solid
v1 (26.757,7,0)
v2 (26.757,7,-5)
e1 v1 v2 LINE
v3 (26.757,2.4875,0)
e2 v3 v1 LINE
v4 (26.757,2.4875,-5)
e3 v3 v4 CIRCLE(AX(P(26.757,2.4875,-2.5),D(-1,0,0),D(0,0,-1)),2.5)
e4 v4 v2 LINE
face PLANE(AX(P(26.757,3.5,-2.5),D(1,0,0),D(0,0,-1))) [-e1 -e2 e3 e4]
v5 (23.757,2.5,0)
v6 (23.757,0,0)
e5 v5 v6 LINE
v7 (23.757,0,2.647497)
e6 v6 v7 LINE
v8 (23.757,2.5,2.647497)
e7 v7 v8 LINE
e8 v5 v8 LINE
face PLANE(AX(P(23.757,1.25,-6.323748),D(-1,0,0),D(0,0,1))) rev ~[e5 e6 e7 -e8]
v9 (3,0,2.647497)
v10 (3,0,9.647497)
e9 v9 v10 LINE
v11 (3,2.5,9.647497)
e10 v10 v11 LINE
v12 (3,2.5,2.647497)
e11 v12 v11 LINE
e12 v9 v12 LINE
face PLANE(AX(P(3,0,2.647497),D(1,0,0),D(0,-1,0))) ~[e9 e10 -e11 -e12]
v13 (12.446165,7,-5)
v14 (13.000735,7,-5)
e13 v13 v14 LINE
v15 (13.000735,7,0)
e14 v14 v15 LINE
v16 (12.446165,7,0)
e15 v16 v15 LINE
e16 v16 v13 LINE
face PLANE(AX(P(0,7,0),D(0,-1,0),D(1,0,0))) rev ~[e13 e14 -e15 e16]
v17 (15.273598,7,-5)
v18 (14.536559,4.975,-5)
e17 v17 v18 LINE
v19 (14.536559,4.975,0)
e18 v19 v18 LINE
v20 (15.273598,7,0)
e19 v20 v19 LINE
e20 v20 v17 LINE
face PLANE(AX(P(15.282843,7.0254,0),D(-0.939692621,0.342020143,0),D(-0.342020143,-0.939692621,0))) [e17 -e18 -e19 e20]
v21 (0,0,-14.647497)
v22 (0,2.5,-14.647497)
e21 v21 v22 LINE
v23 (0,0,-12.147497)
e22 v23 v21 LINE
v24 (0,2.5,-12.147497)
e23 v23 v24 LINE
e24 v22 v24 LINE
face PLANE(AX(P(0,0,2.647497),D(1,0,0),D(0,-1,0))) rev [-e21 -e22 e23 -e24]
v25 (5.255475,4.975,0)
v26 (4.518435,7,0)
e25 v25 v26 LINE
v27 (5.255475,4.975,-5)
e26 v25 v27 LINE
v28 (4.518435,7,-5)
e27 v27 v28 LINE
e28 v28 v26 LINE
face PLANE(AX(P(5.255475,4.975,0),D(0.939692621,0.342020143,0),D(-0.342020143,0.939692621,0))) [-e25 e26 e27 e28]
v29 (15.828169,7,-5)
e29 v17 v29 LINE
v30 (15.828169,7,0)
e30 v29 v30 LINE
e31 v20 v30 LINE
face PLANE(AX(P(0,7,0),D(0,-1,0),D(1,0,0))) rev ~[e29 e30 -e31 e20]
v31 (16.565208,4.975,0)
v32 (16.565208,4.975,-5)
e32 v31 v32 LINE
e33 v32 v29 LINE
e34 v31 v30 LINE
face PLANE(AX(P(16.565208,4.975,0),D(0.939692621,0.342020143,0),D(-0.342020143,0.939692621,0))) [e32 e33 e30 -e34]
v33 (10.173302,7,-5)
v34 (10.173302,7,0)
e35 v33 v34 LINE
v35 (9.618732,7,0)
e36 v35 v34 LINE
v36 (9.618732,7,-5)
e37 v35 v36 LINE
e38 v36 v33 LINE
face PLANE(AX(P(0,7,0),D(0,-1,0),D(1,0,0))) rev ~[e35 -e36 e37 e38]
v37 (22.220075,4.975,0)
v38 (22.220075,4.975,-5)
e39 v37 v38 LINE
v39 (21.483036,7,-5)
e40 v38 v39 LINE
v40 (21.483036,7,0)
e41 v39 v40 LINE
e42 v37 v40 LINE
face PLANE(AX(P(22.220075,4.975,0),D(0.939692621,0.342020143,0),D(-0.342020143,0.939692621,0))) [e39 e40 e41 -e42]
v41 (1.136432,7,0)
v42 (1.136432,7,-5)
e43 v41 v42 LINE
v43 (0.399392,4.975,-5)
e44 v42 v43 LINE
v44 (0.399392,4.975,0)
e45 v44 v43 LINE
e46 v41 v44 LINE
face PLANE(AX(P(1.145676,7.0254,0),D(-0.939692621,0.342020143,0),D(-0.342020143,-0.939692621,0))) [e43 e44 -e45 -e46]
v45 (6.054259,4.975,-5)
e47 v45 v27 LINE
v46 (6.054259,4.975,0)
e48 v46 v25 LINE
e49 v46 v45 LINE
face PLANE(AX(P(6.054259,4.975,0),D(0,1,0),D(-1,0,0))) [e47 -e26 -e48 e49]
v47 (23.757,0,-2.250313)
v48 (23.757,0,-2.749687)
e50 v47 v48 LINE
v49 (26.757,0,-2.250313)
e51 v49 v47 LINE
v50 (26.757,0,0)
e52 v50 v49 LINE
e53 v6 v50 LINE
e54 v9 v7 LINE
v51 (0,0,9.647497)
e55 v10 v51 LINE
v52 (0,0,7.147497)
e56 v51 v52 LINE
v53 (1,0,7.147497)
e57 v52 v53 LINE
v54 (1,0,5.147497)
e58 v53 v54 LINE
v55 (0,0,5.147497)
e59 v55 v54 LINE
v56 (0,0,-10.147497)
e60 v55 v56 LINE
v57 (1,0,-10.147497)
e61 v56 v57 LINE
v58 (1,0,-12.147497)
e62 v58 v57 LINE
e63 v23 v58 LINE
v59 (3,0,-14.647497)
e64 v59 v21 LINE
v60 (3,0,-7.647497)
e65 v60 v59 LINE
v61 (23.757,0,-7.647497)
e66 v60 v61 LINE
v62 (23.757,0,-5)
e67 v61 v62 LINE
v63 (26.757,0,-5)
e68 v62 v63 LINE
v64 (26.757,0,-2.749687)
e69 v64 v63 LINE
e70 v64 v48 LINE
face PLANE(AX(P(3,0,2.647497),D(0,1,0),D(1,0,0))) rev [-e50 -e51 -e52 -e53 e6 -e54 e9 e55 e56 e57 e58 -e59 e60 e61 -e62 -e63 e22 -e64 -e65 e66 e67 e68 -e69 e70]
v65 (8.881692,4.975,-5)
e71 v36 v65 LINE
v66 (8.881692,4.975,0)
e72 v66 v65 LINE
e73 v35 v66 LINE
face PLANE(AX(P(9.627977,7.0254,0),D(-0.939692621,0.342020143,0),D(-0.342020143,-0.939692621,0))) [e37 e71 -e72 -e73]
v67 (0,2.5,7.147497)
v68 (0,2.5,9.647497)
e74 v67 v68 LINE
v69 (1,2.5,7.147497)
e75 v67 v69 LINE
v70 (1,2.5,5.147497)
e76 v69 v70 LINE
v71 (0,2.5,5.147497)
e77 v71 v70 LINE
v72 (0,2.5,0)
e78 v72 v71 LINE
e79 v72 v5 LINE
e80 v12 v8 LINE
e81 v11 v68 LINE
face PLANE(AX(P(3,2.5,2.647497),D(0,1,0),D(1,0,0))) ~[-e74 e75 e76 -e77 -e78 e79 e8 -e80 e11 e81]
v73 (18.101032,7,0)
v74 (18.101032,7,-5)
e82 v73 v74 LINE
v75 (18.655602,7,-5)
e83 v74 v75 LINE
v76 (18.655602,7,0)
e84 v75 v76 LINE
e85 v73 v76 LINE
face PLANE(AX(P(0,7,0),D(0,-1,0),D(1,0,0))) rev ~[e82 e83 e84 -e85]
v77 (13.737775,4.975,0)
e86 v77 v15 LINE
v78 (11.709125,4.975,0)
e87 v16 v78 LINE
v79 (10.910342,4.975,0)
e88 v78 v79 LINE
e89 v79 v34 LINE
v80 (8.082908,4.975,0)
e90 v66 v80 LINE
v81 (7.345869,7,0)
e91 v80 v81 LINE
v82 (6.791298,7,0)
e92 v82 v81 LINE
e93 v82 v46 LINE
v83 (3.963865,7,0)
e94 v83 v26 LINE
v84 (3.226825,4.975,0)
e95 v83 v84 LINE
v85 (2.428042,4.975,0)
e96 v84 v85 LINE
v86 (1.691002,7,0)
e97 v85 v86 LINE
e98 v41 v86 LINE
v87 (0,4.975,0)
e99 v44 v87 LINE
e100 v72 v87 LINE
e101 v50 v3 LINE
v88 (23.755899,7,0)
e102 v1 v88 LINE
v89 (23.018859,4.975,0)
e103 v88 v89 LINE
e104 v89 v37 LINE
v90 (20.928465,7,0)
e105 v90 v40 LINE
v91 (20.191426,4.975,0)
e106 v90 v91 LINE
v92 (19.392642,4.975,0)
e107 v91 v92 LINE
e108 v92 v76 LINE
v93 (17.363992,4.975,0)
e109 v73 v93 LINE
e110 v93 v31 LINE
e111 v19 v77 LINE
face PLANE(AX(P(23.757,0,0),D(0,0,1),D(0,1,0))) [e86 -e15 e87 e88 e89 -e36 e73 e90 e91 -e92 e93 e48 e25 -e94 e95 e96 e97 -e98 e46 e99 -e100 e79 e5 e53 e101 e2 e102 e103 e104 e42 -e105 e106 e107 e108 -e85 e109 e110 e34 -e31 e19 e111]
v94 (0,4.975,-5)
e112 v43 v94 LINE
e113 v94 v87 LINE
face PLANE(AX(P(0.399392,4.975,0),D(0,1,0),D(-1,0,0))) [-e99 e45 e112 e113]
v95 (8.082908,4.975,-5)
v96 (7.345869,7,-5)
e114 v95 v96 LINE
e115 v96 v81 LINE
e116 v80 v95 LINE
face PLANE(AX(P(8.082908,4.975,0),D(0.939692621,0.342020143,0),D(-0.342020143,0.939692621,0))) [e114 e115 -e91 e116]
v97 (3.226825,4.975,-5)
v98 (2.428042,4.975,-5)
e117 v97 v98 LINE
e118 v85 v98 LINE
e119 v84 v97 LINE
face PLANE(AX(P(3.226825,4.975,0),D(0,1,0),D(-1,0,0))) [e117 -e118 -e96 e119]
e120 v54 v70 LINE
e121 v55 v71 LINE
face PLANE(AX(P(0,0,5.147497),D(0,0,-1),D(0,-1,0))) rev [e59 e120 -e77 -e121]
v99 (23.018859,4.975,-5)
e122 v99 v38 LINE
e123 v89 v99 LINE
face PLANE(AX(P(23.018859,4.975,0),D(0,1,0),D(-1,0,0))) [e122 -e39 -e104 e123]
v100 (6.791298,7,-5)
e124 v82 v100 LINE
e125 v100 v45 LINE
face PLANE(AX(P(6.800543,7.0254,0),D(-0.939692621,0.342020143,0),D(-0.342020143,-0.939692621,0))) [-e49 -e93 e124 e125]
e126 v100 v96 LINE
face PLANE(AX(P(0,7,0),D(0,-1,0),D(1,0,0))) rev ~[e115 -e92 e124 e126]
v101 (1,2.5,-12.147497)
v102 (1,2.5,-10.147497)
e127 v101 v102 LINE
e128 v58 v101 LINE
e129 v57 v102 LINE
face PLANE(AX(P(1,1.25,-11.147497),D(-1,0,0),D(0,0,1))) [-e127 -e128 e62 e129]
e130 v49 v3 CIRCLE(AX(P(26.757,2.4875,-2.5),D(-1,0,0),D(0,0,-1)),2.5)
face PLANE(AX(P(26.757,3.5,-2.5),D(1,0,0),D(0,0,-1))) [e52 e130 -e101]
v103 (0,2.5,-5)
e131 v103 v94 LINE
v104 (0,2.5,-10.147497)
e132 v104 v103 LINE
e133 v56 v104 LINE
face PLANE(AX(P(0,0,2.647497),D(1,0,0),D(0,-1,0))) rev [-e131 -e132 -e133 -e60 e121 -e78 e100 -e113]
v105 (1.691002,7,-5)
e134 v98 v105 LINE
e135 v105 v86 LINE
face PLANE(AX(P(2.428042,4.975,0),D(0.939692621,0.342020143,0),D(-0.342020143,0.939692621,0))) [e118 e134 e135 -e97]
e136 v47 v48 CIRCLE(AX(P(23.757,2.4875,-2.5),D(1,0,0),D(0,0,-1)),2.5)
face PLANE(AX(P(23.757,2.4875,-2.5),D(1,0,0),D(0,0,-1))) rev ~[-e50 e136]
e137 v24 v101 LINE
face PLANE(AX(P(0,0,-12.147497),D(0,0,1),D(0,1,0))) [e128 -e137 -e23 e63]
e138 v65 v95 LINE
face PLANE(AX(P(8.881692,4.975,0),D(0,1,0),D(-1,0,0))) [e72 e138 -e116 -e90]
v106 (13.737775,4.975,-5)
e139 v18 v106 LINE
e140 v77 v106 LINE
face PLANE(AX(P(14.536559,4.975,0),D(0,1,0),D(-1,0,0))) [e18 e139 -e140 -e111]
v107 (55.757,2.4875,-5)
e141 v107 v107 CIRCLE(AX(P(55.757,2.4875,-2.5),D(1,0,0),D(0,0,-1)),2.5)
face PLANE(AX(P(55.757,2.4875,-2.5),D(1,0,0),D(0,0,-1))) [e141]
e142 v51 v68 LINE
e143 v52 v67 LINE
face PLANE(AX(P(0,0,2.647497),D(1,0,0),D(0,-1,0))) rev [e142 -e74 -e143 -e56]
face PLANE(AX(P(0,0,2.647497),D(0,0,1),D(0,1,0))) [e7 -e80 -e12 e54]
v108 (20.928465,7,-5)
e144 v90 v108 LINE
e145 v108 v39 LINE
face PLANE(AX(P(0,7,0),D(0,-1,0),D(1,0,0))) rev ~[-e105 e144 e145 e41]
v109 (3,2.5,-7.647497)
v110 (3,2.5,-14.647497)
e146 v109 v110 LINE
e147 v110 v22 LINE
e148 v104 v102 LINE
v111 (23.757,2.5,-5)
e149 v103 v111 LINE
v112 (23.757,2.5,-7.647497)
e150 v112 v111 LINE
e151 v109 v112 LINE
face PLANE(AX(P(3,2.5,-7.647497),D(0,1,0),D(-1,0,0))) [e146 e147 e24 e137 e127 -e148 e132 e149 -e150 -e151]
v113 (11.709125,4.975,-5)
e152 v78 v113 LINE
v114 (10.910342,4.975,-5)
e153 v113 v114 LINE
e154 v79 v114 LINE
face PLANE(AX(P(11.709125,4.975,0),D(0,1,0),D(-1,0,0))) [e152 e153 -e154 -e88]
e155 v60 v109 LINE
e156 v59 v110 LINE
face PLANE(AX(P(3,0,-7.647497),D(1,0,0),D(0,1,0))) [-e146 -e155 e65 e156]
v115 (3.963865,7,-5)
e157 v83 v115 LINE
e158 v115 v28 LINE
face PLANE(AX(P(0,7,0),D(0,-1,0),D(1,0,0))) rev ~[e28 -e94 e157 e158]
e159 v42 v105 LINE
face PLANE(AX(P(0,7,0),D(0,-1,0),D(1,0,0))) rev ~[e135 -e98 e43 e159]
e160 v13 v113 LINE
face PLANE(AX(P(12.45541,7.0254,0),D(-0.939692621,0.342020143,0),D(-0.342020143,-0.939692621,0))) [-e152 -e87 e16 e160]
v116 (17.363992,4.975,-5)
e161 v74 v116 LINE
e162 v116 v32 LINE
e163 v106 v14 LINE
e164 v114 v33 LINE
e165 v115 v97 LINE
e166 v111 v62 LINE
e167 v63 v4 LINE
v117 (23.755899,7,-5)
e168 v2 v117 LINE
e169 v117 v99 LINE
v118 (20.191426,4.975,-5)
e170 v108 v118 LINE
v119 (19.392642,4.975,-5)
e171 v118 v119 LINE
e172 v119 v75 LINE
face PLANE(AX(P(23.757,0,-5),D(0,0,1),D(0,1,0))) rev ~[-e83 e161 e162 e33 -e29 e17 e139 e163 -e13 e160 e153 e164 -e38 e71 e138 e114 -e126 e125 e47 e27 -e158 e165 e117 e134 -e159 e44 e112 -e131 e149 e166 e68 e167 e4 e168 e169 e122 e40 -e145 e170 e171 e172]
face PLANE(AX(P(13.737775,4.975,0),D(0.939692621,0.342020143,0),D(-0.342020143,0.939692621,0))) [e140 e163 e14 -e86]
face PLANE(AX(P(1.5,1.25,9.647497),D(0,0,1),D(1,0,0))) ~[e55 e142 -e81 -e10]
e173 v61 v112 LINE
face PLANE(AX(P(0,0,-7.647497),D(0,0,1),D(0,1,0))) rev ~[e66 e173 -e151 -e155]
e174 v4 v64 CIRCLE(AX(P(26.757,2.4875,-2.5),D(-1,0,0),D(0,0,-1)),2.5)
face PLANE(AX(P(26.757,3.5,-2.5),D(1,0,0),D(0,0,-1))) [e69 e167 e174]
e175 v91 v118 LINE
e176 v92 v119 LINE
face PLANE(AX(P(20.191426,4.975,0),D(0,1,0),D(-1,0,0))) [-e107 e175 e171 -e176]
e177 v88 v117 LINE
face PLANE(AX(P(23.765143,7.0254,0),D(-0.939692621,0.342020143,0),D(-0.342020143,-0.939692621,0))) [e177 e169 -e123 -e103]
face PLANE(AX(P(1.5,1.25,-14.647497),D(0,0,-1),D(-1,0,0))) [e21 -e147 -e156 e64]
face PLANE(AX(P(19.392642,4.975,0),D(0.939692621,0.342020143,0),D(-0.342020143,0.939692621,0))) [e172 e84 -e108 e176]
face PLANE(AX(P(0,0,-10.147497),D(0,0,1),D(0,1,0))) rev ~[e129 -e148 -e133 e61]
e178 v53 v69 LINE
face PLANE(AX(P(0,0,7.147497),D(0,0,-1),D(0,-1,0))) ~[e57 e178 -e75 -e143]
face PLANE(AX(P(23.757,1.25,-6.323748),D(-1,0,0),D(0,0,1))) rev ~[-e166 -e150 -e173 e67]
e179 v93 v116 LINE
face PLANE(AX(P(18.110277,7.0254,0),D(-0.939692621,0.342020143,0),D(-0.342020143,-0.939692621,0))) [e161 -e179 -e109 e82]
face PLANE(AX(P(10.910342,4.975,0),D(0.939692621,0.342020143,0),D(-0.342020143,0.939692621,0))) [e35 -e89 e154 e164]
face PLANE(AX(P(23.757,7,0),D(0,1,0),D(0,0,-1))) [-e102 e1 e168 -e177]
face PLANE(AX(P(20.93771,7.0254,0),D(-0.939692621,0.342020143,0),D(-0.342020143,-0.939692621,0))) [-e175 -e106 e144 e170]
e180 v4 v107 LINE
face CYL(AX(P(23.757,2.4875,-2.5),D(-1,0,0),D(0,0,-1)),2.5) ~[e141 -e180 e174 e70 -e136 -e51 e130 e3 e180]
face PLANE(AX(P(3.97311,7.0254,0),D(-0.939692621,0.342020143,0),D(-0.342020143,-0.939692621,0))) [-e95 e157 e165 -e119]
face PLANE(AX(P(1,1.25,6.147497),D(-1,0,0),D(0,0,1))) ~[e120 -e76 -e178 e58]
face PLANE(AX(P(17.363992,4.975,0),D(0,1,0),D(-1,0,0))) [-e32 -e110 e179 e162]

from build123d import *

# Parameters (mm, degrees)
BLANKSKE_W          = 23.757
BLANKSKE_H          = 7
BLANK_DEPTH         = 5
TOOTHCUTSIM_DEPTH   = 26.26648074
TEETHCUTS_COUNT     = 9
TEETHCUTS_PITCH     = 2.827433385
SKETCH1_R           = 2.5
BOSS_EXTRUDE1_DEPTH = 32
SKETCH2_W           = 2.647496805
SKETCH2_H           = 2.5
BOSS_EXTRUDE2_DEPTH = 23.757
SKETCH3_W           = 5
SKETCH3_H           = 7
BOSS_EXTRUDE3_DEPTH = 3
SKETCH4_W           = 3
SKETCH4_H           = 2.5
BOSS_EXTRUDE4_DEPTH = 7
SKETCH5_W           = 2
SKETCH5_H           = 2.5
CUT_EXTRUDE1_DEPTH  = 1


with BuildPart() as part:
    # BlankSke → Blank (new body)
    with BuildSketch(Plane.XY):
        with Locations((11.8785, 3.5)):
            Rectangle(BLANKSKE_W, BLANKSKE_H)
    extrude(amount=-BLANK_DEPTH)

    # TooCutSkeSim → ToothCutSim (cut, through all)
    with BuildSketch(Plane.XY):
        Polygon((0.399391833, 4.975), (-0.399391833, 4.975), (-1.145676401, 7.0254), (1.145676401, 7.0254), align=None)
    toothcutsim = extrude(amount=-TOOTHCUTSIM_DEPTH, mode=Mode.SUBTRACT)

    # TeethCuts: ToothCutSim ×9
    with Locations(*[(i * TEETHCUTS_PITCH, 0, 0) for i in range(1, TEETHCUTS_COUNT)]):
        add(toothcutsim, mode=Mode.SUBTRACT)

    # Sketch1 → Boss-Extrude1 (add)
    with BuildSketch(Plane(origin=(23.757, 0, 0), x_dir=(0, 0, -1), z_dir=(1, 0, 0))):
        with Locations((2.5, 2.4875)):
            Circle(SKETCH1_R)
    extrude(amount=BOSS_EXTRUDE1_DEPTH)

    # Sketch2 → Boss-Extrude2 (add)
    with BuildSketch(Plane.ZY):
        with Locations((-6.323748402, 1.25)):
            Rectangle(SKETCH2_W, SKETCH2_H)
        with Locations((1.323748403, 1.25)):
            Rectangle(SKETCH2_W, SKETCH2_H)
    extrude(amount=-BOSS_EXTRUDE2_DEPTH)

    # Sketch3 → Boss-Extrude3 (add)
    with BuildSketch(Plane(origin=(23.757, 0, 0), x_dir=(0, 0, -1), z_dir=(1, 0, 0))):
        with Locations((2.5, 3.5)):
            Rectangle(SKETCH3_W, SKETCH3_H)
    extrude(amount=BOSS_EXTRUDE3_DEPTH)

    # Sketch4 → Boss-Extrude4 (add)
    with BuildSketch(Plane(origin=(0, 0, -7.647496805), x_dir=(-1, 0, 0), z_dir=(0, 0, -1))):
        with Locations((-1.5, 1.25)):
            Rectangle(SKETCH4_W, SKETCH4_H)
    boss_extrude4 = extrude(amount=BOSS_EXTRUDE4_DEPTH)

    # Mirror1: Boss-Extrude4 across plane
    add(boss_extrude4.mirror(Plane(origin=(0, 0, -2.5), x_dir=(1, 0, 0), z_dir=(0, 0, -1))))

    # Sketch5 → Cut-Extrude1 (cut)
    with BuildSketch(Plane.ZY):
        with Locations((-11.147496805, 1.25)):
            Rectangle(SKETCH5_W, SKETCH5_H)
    cut_extrude1 = extrude(amount=-CUT_EXTRUDE1_DEPTH, mode=Mode.SUBTRACT)

    # Mirror2: Cut-Extrude1 across plane
    add(cut_extrude1.mirror(Plane(origin=(0, 0, -2.5), x_dir=(1, 0, 0), z_dir=(0, 0, -1))), mode=Mode.SUBTRACT)


solid = part.part
